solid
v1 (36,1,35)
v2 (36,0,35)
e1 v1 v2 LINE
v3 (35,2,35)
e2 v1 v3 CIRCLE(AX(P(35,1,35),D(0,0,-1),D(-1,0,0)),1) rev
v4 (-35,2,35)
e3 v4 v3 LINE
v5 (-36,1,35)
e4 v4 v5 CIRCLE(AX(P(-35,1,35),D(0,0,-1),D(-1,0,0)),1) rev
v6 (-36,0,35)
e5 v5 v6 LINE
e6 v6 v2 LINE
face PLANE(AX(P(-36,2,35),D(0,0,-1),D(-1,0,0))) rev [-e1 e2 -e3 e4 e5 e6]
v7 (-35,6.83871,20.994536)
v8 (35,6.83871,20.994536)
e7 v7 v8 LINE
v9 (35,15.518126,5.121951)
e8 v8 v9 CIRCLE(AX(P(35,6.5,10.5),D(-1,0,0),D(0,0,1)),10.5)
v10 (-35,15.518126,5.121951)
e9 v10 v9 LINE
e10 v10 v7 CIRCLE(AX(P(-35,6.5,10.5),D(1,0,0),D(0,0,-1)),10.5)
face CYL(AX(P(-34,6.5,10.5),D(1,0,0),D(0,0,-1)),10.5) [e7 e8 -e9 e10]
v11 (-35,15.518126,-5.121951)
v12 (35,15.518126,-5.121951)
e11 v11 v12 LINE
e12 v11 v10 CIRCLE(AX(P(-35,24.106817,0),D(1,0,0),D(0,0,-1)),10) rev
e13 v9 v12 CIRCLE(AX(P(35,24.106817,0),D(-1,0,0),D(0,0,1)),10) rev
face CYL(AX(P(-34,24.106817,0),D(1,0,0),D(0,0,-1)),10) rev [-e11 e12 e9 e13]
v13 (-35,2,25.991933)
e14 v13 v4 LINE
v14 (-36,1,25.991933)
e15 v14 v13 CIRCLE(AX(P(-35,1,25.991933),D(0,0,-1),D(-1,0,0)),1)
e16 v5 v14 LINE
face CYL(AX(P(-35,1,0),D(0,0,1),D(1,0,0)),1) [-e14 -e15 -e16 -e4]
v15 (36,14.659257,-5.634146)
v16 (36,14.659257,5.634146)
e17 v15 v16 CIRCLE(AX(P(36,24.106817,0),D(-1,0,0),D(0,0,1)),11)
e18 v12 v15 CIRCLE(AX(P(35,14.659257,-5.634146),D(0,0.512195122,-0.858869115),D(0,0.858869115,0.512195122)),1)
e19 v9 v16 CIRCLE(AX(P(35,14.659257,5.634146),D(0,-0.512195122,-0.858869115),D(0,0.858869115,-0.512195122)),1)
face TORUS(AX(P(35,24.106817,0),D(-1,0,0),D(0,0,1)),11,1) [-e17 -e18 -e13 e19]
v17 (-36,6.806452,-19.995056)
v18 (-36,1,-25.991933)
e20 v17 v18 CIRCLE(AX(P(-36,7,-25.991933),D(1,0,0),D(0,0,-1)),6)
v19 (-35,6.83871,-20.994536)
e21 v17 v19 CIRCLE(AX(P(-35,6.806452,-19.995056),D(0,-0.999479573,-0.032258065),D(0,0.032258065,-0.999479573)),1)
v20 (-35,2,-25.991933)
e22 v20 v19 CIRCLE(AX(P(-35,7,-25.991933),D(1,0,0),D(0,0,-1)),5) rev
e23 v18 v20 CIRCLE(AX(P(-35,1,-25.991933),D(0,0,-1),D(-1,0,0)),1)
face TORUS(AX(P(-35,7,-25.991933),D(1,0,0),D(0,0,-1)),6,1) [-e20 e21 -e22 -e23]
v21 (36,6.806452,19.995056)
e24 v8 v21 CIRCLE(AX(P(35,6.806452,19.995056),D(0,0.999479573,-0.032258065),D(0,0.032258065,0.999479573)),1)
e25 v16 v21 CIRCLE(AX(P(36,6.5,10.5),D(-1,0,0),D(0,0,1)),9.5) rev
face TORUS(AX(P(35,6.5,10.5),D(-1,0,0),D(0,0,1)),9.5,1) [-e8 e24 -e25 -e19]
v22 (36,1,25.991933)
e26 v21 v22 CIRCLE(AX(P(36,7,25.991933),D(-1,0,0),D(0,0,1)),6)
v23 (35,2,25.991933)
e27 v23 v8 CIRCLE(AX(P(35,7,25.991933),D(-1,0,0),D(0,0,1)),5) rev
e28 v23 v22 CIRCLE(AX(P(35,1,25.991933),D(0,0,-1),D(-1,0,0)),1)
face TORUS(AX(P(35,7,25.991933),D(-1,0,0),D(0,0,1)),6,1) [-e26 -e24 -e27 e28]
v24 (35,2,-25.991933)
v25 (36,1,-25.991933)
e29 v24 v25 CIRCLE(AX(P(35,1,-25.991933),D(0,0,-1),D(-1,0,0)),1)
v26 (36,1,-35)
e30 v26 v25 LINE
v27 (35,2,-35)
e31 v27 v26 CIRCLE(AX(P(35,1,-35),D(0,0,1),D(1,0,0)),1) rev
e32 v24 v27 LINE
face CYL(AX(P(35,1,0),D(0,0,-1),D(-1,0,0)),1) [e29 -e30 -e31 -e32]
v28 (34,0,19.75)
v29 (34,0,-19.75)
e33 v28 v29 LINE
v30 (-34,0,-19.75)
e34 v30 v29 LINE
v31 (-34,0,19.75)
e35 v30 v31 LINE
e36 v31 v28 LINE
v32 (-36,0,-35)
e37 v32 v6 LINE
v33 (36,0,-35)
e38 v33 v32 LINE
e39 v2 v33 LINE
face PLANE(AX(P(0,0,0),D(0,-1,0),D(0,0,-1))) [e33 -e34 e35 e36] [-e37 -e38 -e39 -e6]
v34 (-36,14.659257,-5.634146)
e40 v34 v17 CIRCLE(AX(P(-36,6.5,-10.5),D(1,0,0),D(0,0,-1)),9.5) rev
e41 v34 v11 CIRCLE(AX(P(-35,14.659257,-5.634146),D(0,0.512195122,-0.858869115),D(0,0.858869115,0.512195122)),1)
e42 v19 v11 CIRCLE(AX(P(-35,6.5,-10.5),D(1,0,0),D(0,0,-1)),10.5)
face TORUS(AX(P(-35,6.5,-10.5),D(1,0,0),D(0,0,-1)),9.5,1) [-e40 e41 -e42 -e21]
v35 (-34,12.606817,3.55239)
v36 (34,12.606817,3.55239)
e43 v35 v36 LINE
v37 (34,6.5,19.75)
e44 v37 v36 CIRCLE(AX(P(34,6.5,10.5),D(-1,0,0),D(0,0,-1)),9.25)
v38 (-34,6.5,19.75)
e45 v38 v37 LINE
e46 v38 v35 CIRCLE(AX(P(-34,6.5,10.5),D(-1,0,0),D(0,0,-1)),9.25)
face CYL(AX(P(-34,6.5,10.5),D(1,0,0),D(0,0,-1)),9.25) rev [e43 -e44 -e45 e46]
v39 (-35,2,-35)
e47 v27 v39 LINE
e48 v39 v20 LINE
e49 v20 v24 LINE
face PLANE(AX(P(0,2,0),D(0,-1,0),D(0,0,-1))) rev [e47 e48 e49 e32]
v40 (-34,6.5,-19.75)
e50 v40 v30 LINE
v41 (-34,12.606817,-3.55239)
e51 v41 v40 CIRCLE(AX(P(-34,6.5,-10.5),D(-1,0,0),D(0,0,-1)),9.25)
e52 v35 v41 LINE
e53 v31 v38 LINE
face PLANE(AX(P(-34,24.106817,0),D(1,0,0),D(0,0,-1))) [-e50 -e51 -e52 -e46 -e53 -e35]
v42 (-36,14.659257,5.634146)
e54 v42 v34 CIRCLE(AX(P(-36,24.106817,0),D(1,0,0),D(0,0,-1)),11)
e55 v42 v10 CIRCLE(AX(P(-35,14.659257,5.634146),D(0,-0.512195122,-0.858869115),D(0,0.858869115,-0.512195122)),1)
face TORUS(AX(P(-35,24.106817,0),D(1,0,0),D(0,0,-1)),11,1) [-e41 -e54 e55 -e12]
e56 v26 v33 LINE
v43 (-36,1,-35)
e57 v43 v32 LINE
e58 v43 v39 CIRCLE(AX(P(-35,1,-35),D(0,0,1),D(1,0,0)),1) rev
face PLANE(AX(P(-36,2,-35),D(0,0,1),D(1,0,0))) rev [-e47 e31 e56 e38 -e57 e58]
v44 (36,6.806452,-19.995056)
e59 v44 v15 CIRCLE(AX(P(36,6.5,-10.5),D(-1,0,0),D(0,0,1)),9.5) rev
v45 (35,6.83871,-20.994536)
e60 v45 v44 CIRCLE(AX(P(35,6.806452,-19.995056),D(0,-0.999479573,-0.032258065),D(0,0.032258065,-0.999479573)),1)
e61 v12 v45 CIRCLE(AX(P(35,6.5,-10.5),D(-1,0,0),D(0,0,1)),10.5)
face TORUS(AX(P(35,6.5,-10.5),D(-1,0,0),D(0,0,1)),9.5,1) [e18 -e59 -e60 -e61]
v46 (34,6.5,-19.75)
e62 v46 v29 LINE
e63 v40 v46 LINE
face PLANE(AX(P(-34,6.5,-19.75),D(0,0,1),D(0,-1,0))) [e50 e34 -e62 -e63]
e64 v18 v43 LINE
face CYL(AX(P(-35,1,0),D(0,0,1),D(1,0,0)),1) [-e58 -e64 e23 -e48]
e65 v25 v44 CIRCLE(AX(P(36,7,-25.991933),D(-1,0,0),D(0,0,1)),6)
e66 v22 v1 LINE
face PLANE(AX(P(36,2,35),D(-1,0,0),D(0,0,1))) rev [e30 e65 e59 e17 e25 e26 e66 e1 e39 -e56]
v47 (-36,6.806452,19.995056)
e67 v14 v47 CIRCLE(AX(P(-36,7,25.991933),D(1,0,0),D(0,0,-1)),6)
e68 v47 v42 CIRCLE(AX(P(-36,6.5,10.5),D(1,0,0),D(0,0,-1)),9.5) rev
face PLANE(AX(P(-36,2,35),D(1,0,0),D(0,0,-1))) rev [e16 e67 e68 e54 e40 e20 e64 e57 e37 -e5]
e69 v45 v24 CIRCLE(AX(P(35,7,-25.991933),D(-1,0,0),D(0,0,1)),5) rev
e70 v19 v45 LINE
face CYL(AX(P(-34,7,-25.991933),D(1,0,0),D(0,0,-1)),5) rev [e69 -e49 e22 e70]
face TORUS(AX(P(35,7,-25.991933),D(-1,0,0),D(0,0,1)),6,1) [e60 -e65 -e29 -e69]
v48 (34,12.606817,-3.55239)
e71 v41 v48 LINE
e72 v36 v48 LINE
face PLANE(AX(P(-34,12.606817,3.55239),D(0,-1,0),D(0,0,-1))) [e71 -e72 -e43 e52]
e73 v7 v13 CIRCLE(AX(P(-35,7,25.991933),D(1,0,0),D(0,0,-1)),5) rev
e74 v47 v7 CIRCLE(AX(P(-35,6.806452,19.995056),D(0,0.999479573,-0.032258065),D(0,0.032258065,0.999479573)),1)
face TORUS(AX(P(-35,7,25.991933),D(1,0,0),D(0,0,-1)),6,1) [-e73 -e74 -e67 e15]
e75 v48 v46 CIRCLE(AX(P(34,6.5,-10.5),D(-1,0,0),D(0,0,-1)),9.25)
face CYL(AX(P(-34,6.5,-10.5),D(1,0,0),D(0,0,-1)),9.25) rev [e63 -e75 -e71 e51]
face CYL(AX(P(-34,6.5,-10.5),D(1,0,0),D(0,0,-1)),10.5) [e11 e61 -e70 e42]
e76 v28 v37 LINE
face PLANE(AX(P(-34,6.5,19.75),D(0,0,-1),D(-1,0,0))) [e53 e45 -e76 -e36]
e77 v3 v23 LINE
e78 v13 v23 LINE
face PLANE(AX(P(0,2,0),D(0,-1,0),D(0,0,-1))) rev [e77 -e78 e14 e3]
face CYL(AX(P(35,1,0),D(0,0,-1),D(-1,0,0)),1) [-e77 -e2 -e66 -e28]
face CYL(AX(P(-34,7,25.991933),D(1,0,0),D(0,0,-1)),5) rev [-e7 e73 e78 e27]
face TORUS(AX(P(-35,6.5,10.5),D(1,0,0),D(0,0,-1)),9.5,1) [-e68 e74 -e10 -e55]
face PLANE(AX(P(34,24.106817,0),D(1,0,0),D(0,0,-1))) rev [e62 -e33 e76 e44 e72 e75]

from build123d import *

# Parameters (mm, degrees)
SKETCH1_W                = 72
SKETCH1_H                = 70
BOSS_EXTRUDE1_DEPTH      = 2
BOSS_EXTRUDE2_DEPTH      = 34
BOSS_EXTRUDE2_DEPTH_BACK = 34
CUT_EXTRUDE1_START       = -34
SKETCH3_W                = 39.5
SKETCH3_H                = 2
CUT_EXTRUDE1_DEPTH       = 68
BOSS_EXTRUDE3_DEPTH      = 2
FILLET2_R                = 1
FILLET2_OF_MIRROR1_R     = 1


with BuildPart() as part:
    # Sketch1 → Boss-Extrude1 (new body)
    with BuildSketch(Plane(origin=(0, 0, 0), x_dir=(1, 0, 0), z_dir=(0, 1, 0))):
        Rectangle(SKETCH1_W, SKETCH1_H)
    extrude(amount=BOSS_EXTRUDE1_DEPTH)

    # Sketch2 → Boss-Extrude2 (add, two sides: drawn at the far end of the back side and taken through both)
    with BuildSketch(Plane(origin=(0, 0, 0), x_dir=(0, 0, -1), z_dir=(1, 0, 0)).offset(-BOSS_EXTRUDE2_DEPTH_BACK)):
        with BuildLine():
            Line((-25.991933385, 2), (-19.75, 2))
            Line((-19.75, 2), (-19.75, 6.5))
            ThreePointArc((-19.75, 6.5), (-13.763212024, 15.155284356), (-3.552389776, 12.606816862))
            Line((-3.552389776, 12.606816862), (3.552389776, 12.606816862))
            ThreePointArc((3.552389776, 12.606816862), (13.763212024, 15.155284356), (19.75, 6.5))
            Line((19.75, 6.5), (19.75, 2))
            Line((19.75, 2), (25.991933385, 2))
            ThreePointArc((25.991933385, 2), (22.513891667, 3.407893959), (20.994535519, 6.838709677))
            ThreePointArc((20.994535519, 6.838709677), (15.537625909, 15.712617717), (5.12195122, 15.51812571))
            ThreePointArc((5.12195122, 15.51812571), (0, 14.106816862), (-5.12195122, 15.51812571))
            ThreePointArc((-5.12195122, 15.51812571), (-15.537625909, 15.712617717), (-20.994535519, 6.838709677))
            ThreePointArc((-20.994535519, 6.838709677), (-22.513891667, 3.407893959), (-25.991933385, 2))
        make_face()
    extrude(amount=BOSS_EXTRUDE2_DEPTH + BOSS_EXTRUDE2_DEPTH_BACK)

    # Sketch3 → Cut-Extrude1 (cut)
    with BuildSketch(Plane(origin=(0, 0, 0), x_dir=(0, 0, -1), z_dir=(1, 0, 0)).offset(CUT_EXTRUDE1_START)):
        with Locations((0, 1)):
            Rectangle(SKETCH3_W, SKETCH3_H)
    extrude(amount=CUT_EXTRUDE1_DEPTH, mode=Mode.SUBTRACT)

    # Sketch4 → Boss-Extrude3 (add)
    with BuildSketch(Plane(origin=(34, 0, 0), x_dir=(0, 0, -1), z_dir=(1, 0, 0))):
        with BuildLine():
            Line((-25.991933385, 2), (25.991933385, 2))
            ThreePointArc((25.991933385, 2), (22.513891667, 3.407893959), (20.994535519, 6.838709677))
            ThreePointArc((20.994535519, 6.838709677), (15.537625909, 15.712617717), (5.12195122, 15.51812571))
            ThreePointArc((5.12195122, 15.51812571), (0, 14.106816862), (-5.12195122, 15.51812571))
            ThreePointArc((-5.12195122, 15.51812571), (-15.537625909, 15.712617717), (-20.994535519, 6.838709677))
            ThreePointArc((-20.994535519, 6.838709677), (-22.513891667, 3.407893959), (-25.991933385, 2))
        make_face()
    boss_extrude3 = extrude(amount=BOSS_EXTRUDE3_DEPTH)

    # Fillet2
    fillet2_edges = [part.edges().sort_by_distance(p)[0] for p in [
        (36, 2, 30.495966692),
        (36, 2, -30.495966692),
        (36, 3.407893959, -22.513891667),
        (36, 15.712617717, -15.537625909),
        (36, 14.106816862, 0),
        (36, 15.712617717, 15.537625909),
        (36, 3.407893959, 22.513891667),
    ]]
    fillet(fillet2_edges, radius=FILLET2_R)

    # Mirror1: Boss-Extrude3 across plane
    add(boss_extrude3.mirror(Plane(origin=(0, 0, 0), x_dir=(0, 0, 1), z_dir=(1, 0, 0))))

    # Fillet2 of Mirror1
    fillet2_of_mirror1_edges = [part.edges().sort_by_distance(p)[0] for p in [
        (-36, 2, 30.495966692),
        (-36, 2, -30.495966692),
        (-36, 3.407893959, -22.513891667),
        (-36, 15.712617717, -15.537625909),
        (-36, 14.106816862, 0),
        (-36, 15.712617717, 15.537625909),
        (-36, 3.407893959, 22.513891667),
    ]]
    fillet(fillet2_of_mirror1_edges, radius=FILLET2_OF_MIRROR1_R)


solid = part.part
